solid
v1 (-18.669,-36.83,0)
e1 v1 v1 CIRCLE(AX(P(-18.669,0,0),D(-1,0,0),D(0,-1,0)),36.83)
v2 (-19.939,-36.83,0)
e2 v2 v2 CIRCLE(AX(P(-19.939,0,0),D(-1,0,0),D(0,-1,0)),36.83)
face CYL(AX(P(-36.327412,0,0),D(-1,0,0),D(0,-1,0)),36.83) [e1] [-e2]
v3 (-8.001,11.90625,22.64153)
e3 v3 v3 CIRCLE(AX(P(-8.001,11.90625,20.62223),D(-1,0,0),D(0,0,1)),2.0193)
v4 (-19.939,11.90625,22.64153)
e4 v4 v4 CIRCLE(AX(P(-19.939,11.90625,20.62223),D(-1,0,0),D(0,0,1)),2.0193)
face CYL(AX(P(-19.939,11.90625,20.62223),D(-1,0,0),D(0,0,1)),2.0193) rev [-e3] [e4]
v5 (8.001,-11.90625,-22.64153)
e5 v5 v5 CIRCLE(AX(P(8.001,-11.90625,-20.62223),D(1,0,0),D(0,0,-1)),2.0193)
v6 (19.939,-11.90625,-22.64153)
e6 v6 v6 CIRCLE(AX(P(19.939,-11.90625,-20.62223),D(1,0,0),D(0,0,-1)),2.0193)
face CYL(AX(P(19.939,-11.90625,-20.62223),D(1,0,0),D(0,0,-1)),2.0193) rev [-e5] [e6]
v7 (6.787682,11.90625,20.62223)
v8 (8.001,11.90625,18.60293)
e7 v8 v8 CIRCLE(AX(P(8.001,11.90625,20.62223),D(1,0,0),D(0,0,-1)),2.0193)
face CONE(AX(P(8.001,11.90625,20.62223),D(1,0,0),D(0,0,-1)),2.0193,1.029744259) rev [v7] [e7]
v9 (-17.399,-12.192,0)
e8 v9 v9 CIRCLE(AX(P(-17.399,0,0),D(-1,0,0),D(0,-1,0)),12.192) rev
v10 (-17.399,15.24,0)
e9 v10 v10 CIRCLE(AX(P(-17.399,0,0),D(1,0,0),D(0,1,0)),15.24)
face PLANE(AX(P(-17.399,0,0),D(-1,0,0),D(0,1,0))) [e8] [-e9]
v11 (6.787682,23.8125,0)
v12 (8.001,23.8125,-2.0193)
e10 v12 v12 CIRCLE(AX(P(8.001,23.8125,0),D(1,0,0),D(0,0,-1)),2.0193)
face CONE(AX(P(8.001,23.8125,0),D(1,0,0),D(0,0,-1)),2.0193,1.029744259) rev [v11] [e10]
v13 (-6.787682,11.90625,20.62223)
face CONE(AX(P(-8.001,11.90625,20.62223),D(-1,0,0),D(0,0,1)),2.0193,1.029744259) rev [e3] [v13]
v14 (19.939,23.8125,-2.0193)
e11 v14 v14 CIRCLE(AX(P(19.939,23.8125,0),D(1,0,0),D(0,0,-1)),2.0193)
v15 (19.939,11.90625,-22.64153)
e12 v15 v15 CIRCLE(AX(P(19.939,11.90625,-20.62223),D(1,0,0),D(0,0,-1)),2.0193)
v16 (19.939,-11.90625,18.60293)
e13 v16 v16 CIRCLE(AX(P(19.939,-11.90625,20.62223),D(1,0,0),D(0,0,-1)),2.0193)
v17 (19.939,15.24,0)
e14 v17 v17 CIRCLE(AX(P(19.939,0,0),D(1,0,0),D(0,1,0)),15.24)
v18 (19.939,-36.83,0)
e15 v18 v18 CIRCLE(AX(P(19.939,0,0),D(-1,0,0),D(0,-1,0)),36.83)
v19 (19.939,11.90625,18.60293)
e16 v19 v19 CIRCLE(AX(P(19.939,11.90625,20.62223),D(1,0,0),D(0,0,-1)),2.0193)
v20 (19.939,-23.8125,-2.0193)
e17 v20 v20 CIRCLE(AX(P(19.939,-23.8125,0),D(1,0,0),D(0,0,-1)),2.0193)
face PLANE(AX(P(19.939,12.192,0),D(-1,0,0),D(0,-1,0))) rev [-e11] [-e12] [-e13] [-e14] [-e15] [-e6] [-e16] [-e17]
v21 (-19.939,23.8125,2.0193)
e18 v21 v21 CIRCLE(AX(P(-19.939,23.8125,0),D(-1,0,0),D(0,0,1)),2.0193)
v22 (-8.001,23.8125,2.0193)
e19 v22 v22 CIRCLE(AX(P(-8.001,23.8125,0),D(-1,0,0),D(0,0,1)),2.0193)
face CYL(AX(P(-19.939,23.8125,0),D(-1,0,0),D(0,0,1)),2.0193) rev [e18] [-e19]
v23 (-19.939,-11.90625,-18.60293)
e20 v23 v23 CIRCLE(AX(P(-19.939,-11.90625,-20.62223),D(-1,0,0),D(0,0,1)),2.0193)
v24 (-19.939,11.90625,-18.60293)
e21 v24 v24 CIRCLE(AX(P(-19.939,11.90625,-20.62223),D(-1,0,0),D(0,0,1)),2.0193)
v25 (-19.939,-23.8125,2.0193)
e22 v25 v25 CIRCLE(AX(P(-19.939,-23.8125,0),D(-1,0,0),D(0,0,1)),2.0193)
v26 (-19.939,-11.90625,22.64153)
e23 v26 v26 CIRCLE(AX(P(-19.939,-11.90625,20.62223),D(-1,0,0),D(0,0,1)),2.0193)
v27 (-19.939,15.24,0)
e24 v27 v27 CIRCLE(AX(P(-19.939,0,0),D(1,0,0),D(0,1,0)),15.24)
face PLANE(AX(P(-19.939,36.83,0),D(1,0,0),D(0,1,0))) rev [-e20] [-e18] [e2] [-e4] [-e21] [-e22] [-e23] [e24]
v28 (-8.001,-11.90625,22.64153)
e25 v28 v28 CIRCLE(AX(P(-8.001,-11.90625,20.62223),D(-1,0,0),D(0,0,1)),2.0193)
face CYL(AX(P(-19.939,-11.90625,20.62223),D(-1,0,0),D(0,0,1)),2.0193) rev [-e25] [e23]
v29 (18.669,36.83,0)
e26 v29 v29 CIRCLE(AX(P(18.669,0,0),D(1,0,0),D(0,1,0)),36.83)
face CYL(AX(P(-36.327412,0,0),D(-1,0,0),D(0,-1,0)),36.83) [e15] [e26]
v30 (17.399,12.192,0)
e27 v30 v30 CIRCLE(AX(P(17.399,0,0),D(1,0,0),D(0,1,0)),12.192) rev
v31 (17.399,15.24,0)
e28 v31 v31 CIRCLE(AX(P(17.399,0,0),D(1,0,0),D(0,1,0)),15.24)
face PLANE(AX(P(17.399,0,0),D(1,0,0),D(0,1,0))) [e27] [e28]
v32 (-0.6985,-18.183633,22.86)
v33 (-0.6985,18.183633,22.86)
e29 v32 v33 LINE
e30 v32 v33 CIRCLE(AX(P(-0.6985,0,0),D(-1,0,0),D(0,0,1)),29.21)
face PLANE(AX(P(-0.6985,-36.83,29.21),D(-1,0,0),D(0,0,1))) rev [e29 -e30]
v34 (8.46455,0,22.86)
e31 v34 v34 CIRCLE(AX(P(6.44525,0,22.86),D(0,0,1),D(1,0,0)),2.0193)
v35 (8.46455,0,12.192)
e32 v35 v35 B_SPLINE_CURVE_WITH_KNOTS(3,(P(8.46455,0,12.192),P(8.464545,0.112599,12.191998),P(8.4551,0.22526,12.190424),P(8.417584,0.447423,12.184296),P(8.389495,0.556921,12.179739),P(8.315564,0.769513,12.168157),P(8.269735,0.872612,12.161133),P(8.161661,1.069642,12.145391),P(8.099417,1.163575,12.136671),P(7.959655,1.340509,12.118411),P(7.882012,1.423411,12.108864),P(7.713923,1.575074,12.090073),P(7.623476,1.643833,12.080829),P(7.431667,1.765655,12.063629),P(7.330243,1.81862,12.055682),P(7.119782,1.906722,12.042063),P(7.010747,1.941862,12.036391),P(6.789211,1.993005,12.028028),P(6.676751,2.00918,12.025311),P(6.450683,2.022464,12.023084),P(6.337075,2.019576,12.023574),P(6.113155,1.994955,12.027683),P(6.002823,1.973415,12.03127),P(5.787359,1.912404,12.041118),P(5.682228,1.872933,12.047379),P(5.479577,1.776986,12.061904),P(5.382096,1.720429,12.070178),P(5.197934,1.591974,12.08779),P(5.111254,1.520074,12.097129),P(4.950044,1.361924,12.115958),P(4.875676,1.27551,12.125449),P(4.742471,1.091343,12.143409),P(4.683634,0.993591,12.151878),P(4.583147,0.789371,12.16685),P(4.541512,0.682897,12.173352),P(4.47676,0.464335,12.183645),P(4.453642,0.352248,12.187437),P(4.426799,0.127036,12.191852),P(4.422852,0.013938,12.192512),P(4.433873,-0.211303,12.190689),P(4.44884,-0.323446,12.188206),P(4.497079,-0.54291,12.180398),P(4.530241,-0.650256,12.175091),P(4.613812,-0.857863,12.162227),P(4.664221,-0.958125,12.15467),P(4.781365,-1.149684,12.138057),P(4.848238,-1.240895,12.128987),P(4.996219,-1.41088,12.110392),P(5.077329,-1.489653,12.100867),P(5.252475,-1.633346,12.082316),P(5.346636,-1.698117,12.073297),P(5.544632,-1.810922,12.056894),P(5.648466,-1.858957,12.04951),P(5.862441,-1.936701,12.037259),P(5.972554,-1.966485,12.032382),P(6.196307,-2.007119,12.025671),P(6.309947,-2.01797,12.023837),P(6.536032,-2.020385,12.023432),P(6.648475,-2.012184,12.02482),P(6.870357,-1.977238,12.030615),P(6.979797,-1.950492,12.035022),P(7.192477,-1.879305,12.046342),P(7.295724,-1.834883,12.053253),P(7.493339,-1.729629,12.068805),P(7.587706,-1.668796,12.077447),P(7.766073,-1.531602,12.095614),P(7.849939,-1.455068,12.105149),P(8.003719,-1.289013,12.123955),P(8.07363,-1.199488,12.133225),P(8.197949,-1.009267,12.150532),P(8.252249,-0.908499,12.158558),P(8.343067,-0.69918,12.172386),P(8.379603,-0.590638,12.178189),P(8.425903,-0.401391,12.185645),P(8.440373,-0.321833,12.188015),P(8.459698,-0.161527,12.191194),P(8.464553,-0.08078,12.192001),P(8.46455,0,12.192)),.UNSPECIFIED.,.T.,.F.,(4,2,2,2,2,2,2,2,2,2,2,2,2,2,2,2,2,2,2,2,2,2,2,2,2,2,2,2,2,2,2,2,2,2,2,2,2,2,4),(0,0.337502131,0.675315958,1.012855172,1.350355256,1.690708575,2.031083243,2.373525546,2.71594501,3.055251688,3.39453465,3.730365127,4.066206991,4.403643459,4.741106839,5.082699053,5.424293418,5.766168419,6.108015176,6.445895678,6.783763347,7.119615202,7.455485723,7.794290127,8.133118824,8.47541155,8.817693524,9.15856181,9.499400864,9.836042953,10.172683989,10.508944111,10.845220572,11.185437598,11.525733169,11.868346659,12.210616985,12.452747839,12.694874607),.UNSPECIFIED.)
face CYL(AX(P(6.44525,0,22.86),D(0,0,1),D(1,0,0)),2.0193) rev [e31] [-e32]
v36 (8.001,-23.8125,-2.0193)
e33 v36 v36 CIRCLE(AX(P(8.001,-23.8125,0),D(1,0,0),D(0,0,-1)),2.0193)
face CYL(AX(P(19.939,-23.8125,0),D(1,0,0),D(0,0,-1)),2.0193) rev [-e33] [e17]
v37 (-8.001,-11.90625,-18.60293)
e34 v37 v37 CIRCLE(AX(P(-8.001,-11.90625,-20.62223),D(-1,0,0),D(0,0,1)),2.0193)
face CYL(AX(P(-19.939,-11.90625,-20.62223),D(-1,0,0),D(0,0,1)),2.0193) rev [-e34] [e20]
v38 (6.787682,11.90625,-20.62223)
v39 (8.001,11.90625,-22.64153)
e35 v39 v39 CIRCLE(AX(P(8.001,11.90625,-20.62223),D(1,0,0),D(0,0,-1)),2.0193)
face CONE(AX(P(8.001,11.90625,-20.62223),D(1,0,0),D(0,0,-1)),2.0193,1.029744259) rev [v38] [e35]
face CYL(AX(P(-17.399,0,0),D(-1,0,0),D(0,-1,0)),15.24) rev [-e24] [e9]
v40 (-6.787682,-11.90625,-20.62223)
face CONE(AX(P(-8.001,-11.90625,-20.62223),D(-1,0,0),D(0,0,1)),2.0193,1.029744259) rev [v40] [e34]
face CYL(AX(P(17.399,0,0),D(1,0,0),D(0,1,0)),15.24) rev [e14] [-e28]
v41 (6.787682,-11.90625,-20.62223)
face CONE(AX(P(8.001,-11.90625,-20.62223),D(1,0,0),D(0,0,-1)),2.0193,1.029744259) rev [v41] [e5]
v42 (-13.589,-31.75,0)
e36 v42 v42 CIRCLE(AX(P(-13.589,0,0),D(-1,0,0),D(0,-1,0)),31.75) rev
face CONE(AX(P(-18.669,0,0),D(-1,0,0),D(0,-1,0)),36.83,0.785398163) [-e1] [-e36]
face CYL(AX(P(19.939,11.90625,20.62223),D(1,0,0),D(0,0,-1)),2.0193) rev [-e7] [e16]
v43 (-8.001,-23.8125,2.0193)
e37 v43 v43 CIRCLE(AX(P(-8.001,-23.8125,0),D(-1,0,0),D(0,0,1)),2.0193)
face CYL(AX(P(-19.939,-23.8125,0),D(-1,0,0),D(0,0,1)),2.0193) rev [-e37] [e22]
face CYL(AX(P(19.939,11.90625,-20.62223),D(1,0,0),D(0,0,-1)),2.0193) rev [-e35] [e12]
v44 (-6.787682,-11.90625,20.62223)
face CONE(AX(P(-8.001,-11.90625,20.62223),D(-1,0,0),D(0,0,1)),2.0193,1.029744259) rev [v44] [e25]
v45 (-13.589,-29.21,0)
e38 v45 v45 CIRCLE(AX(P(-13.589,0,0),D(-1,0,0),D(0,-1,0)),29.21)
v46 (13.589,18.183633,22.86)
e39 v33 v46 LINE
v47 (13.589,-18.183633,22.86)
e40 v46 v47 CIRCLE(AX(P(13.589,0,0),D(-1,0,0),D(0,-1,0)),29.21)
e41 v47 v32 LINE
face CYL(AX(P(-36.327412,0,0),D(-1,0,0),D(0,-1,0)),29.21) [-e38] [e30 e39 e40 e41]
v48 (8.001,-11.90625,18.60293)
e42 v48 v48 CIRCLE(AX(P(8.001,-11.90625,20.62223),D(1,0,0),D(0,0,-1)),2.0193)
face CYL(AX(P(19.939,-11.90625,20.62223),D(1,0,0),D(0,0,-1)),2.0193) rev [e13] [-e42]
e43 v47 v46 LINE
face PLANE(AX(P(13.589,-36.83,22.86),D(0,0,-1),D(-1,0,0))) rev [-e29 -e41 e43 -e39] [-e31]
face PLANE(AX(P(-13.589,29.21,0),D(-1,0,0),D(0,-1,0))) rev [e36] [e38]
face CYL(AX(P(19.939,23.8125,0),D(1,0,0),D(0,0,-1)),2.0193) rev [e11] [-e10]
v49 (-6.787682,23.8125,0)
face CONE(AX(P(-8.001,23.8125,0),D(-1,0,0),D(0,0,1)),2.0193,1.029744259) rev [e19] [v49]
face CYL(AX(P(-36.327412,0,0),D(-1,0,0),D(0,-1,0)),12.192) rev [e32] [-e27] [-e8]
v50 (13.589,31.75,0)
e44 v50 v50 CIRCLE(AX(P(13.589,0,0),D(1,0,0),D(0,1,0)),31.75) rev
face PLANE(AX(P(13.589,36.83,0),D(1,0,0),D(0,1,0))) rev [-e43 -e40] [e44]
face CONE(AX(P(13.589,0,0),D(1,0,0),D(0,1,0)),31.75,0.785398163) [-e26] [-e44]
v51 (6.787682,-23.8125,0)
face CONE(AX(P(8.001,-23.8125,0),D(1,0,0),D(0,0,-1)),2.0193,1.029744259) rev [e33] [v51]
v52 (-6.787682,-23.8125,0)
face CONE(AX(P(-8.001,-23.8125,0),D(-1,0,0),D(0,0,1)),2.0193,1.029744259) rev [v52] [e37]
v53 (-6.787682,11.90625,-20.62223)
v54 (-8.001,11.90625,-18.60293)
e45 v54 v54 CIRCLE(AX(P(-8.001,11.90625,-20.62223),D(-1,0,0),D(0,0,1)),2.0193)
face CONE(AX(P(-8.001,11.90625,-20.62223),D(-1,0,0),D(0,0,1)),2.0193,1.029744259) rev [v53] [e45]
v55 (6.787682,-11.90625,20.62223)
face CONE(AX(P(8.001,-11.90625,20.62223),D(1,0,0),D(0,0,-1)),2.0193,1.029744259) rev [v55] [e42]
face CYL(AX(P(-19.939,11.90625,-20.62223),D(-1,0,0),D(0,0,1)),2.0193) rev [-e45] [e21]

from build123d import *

# Parameters (mm, degrees)
SKETCH4_R                  = 15.24
CUT_EXTRUDE1_DEPTH         = 2.54
CIRPATTERN1_COUNT          = 6
CUT_EXTRUDE3_DEPTH         = 56.771511733
CUT_EXTRUDE3_DEPTH_BACK    = 56.771511733
SKETCH9_W                  = 14.2875
SKETCH9_H                  = 6.35
F_10_32_TAPPED_HOLE2_D     = 4.0386
F_10_32_TAPPED_HOLE2_DEPTH = 11.938
F_10_32_TAPPED_HOLE2_TIP   = 1.213317848
CHAMFER1_SIZE              = 5.08


with BuildPart() as part:
    # Sketch3 → Revolve1 (revolve)
    with BuildSketch(Plane.XY, mode=Mode.PRIVATE) as revolve1_sk:
        Polygon((-19.939, 12.192), (19.939, 12.192), (19.939, 36.83), (13.589, 36.83), (13.589, 29.21), (-13.589, 29.21), (-13.589, 36.83), (-19.939, 36.83), align=None)
    revolve(revolve1_sk.sketch.rotate(Axis((-36.327412464, 0, 0), (1, 0, 0)), 180), axis=Axis((-36.327412464, 0, 0), (1, 0, 0)))

    # Sketch4 → Cut-Extrude1 (cut)
    with BuildSketch(Plane(origin=(19.939, 0, 0), x_dir=(0, 0, -1), z_dir=(1, 0, 0))):
        with Locations(Location((0, 0, 0), (0, 0, 90))):
            Circle(SKETCH4_R)
    cut_extrude1 = extrude(amount=-CUT_EXTRUDE1_DEPTH, mode=Mode.SUBTRACT)

    # Mirror1: Cut-Extrude1 across plane
    add(cut_extrude1.mirror(Plane(origin=(0, 0, 0), x_dir=(0, 0, 1), z_dir=(1, 0, 0))), mode=Mode.SUBTRACT)

    # Sketch7 → #10-32 Tapped Hole1 (revolve, cut)
    with BuildSketch(Plane(origin=(19.939, -23.8125, 0), x_dir=(0, 0, -1), z_dir=(0, 1, 0))):
        Polygon((0, 0), (0, 13.151317848), (2.0193, 11.938), (2.0193, 0), align=None)
    f_10_32_tapped_hole1 = revolve(axis=Axis((26.289, -23.8125, 0), (-1, 0, 0)), mode=Mode.SUBTRACT)

    # CirPattern1: #10-32 Tapped Hole1 ×6 about axis
    cirpattern1_axis = Axis((0, 0, 0), (1, 0, 0))
    for i in range(1, CIRPATTERN1_COUNT):
        add(f_10_32_tapped_hole1.rotate(cirpattern1_axis, i * 360 / CIRPATTERN1_COUNT), mode=Mode.SUBTRACT)

    # Mirror2: #10-32 Tapped Hole1 across plane
    add(f_10_32_tapped_hole1.mirror(Plane(origin=(0, 0, 0), x_dir=(0, 0, 1), z_dir=(1, 0, 0))), mode=Mode.SUBTRACT)

    # Mirror2 copy 1 sketch → Mirror2 copy 1 (revolve, cut)
    with BuildSketch(Plane(origin=(-19.939, -11.90625, -20.622229928), x_dir=(0, 0.8660254037844386, -0.5000000000000001), z_dir=(0, 0.5000000000000001, 0.8660254037844386))):
        Polygon((0, 0), (0, -13.151317848), (2.0193, -11.938), (2.0193, 0), align=None)
    revolve(axis=Axis((-26.289, -11.90625, -20.622229928), (-1, 0, 0)), mode=Mode.SUBTRACT)

    # Mirror2 copy 2 sketch → Mirror2 copy 2 (revolve, cut)
    with BuildSketch(Plane(origin=(-19.939, 11.90625, -20.622229928), x_dir=(0, 0.8660254037844387, 0.4999999999999998), z_dir=(0, -0.4999999999999998, 0.8660254037844387))):
        Polygon((0, 0), (0, -13.151317848), (2.0193, -11.938), (2.0193, 0), align=None)
    revolve(axis=Axis((-26.289, 11.90625, -20.622229928), (-1, 0, 0)), mode=Mode.SUBTRACT)

    # Mirror2 copy 3 sketch → Mirror2 copy 3 (revolve, cut)
    with BuildSketch(Plane(origin=(-19.939, 23.8125, 0), x_dir=(0, 0, 1), z_dir=(0, -1, 0))):
        Polygon((0, 0), (0, -13.151317848), (2.0193, -11.938), (2.0193, 0), align=None)
    revolve(axis=Axis((-26.289, 23.8125, 0), (-1, 0, 0)), mode=Mode.SUBTRACT)

    # Mirror2 copy 4 sketch → Mirror2 copy 4 (revolve, cut)
    with BuildSketch(Plane(origin=(-19.939, 11.90625, 20.622229928), x_dir=(0, -0.8660254037844384, 0.5000000000000004), z_dir=(0, -0.5000000000000004, -0.8660254037844384))):
        Polygon((0, 0), (0, -13.151317848), (2.0193, -11.938), (2.0193, 0), align=None)
    revolve(axis=Axis((-26.289, 11.90625, 20.622229928), (-1, 0, 0)), mode=Mode.SUBTRACT)

    # Mirror2 copy 5 sketch → Mirror2 copy 5 (revolve, cut)
    with BuildSketch(Plane(origin=(-19.939, -11.90625, 20.622229928), x_dir=(0, -0.8660254037844386, -0.5000000000000001), z_dir=(0, 0.5000000000000001, -0.8660254037844386))):
        Polygon((0, 0), (0, -13.151317848), (2.0193, -11.938), (2.0193, 0), align=None)
    revolve(axis=Axis((-26.289, -11.90625, 20.622229928), (-1, 0, 0)), mode=Mode.SUBTRACT)

    # Sketch9 → Cut-Extrude3 (cut, two sides: drawn at the far end of the back side and taken through both)
    with BuildSketch(Plane(origin=(0, 0, 0), x_dir=(1, 0, 0), z_dir=(0, 1, 0)).offset(-CUT_EXTRUDE3_DEPTH_BACK)):
        with Locations((6.44525, -26.035)):
            Rectangle(SKETCH9_W, SKETCH9_H)
    extrude(amount=CUT_EXTRUDE3_DEPTH + CUT_EXTRUDE3_DEPTH_BACK, mode=Mode.SUBTRACT)

    # #10-32 Tapped Hole2
    with Locations(Plane.XY.offset(22.86)):
        with Locations((6.44525, 0)):
            Hole(F_10_32_TAPPED_HOLE2_D / 2, depth=F_10_32_TAPPED_HOLE2_DEPTH)
            with Locations((0, 0, -(F_10_32_TAPPED_HOLE2_DEPTH + F_10_32_TAPPED_HOLE2_TIP / 2))):  # 118° drill point
                Cone(0, F_10_32_TAPPED_HOLE2_D / 2, F_10_32_TAPPED_HOLE2_TIP, mode=Mode.SUBTRACT)

    # Chamfer1
    chamfer1_edges = [part.edges().sort_by_distance(p)[0] for p in [
        (-13.589, 36.83, 0),
        (13.589, 36.83, 0),
    ]]
    chamfer(chamfer1_edges, length=CHAMFER1_SIZE)


solid = part.part
